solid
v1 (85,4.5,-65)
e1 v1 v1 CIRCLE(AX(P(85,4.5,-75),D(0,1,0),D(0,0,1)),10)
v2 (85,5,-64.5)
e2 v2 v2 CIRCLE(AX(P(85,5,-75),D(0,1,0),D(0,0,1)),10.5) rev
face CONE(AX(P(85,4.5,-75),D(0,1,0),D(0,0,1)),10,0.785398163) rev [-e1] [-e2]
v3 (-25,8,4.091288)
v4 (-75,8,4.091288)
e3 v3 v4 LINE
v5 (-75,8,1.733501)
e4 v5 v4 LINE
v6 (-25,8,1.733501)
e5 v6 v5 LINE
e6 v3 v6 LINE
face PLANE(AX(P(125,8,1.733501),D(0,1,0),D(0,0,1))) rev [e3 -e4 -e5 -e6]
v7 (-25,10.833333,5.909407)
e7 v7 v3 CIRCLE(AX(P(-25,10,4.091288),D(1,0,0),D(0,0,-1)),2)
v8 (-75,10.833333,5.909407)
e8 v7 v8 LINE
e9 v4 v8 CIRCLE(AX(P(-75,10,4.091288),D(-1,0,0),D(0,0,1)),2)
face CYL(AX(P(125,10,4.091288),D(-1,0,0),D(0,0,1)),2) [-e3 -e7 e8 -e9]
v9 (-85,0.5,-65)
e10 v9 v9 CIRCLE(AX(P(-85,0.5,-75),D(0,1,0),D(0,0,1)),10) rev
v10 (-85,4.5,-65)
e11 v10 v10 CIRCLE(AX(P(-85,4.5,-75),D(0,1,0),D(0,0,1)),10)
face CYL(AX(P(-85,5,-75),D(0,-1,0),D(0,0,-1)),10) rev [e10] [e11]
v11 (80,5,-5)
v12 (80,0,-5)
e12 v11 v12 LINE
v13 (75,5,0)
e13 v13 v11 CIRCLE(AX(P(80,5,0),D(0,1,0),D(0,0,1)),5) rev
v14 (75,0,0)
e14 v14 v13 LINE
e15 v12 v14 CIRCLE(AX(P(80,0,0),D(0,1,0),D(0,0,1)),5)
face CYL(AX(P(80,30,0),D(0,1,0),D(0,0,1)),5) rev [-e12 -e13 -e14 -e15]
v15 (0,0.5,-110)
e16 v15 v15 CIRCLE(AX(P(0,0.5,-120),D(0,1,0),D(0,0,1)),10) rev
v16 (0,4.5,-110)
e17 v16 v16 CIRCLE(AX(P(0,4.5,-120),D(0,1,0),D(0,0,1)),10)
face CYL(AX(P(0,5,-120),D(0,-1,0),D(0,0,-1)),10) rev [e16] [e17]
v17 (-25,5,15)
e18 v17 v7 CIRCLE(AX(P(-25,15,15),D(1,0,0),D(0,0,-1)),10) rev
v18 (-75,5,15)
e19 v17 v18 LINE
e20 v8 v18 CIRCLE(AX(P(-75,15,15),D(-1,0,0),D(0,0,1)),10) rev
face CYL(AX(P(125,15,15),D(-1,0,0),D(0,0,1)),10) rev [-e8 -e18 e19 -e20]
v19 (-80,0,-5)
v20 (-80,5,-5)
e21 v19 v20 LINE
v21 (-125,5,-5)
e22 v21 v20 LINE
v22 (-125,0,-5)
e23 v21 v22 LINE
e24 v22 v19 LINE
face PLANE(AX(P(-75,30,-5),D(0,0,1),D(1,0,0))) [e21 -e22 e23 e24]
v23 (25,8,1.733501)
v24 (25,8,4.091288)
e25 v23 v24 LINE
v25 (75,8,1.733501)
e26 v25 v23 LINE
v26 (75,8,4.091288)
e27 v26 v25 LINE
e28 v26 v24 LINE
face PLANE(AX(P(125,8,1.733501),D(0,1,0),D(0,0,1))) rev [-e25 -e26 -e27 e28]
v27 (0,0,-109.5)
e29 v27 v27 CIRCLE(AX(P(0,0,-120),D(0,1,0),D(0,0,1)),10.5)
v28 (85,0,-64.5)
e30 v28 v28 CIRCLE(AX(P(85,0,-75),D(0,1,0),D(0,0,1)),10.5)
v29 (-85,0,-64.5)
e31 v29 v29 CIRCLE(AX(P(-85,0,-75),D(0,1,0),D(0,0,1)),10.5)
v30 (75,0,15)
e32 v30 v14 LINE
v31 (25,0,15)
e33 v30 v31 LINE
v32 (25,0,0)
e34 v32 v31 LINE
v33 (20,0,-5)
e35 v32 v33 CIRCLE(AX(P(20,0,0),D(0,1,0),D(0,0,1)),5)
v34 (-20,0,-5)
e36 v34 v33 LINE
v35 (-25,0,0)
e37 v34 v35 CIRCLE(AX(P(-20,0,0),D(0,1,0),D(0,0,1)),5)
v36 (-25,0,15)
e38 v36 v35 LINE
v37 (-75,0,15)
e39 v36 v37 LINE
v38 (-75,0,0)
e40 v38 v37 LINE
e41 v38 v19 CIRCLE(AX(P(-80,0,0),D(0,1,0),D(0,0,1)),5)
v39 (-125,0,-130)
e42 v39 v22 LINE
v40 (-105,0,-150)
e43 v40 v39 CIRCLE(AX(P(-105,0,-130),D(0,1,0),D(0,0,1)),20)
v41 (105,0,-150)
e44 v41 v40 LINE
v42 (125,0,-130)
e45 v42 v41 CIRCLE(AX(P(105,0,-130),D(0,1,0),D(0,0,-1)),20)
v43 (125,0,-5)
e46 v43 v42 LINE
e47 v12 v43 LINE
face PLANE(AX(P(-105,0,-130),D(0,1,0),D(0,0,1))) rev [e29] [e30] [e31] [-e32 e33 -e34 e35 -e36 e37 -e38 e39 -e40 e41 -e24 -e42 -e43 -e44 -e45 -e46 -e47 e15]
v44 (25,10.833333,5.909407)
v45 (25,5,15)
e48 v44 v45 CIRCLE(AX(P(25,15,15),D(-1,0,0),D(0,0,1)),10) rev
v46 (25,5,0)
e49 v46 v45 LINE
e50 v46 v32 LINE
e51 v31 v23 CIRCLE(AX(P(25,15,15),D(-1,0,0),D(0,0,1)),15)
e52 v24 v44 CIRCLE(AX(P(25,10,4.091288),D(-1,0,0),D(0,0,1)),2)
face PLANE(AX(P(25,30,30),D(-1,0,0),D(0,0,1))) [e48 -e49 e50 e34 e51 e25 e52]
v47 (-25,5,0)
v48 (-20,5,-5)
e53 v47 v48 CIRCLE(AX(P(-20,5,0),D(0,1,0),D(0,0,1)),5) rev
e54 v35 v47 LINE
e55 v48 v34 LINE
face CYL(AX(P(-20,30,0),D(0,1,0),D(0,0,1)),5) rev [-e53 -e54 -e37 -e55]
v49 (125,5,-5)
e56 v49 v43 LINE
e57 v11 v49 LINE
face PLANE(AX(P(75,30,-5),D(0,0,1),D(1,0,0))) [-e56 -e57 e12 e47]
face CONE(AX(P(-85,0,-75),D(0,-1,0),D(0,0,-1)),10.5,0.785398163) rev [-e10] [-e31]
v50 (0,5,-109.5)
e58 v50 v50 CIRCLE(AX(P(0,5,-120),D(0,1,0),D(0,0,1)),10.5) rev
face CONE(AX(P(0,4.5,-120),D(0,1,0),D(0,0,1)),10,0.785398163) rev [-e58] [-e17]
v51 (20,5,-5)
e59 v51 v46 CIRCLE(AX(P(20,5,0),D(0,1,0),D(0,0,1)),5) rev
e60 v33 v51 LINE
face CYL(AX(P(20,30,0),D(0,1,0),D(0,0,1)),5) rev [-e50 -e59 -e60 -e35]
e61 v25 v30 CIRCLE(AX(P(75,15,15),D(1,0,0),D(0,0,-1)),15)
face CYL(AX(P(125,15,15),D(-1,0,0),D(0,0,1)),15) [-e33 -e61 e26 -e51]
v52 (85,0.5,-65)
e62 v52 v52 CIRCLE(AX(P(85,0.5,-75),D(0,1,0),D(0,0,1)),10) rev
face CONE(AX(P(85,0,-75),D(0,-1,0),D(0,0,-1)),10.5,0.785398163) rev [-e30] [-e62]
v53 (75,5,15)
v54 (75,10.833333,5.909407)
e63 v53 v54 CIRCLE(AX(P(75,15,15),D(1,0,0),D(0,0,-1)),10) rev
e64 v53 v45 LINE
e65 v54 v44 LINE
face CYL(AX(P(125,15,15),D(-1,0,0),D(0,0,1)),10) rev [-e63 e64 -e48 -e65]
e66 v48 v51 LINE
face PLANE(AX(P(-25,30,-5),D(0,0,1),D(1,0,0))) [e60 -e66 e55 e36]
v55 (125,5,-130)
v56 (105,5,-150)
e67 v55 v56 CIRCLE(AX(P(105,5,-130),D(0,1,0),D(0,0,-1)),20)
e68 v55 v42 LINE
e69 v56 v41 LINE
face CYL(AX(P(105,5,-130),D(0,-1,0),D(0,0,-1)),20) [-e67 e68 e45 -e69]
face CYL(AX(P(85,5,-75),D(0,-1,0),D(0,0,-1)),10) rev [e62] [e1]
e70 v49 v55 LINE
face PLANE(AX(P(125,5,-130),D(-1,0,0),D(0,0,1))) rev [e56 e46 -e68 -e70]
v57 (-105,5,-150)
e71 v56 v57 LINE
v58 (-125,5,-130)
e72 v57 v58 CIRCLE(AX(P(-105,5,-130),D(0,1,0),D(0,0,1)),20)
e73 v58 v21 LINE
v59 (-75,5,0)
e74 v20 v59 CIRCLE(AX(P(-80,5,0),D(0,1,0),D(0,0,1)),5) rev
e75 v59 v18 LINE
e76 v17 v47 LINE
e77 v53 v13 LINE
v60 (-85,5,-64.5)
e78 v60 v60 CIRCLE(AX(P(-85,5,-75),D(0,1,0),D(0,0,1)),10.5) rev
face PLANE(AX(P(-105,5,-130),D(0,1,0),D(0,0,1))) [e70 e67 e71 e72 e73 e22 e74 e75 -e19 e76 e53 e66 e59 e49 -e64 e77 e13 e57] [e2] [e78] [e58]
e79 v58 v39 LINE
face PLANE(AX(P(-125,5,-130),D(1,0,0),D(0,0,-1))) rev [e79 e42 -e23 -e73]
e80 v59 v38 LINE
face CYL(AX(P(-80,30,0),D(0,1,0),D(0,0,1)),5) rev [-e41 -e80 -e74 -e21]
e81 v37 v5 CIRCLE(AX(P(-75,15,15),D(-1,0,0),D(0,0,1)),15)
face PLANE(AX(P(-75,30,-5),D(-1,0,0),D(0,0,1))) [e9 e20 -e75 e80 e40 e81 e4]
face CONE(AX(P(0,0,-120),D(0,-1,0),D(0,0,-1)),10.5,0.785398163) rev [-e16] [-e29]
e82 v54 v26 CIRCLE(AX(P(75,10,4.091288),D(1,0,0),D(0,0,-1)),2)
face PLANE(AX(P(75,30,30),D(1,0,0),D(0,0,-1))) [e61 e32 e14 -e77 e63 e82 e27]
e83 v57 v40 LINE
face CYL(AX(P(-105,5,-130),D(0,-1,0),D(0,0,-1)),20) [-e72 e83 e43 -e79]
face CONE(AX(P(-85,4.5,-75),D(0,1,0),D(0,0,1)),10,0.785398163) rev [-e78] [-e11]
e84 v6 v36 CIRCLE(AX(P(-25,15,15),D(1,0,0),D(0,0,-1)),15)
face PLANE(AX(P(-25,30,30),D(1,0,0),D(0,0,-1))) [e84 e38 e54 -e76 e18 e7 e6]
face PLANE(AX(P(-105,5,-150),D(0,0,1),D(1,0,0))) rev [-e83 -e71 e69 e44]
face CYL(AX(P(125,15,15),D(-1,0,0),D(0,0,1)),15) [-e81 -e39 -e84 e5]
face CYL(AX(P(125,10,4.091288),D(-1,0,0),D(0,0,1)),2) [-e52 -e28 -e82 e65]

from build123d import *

# Parameters (mm, degrees)
SKETCH1_R           = 10
BOSS_EXTRUDE1_DEPTH = 5
BOSS_EXTRUDE2_DEPTH = 125
SKETCH3_W           = 50
SKETCH3_H           = 35
CUT_EXTRUDE1_DEPTH  = 30
FILLET1_R           = 5
CHAMFER1_SIZE       = 0.5


with BuildPart() as part:
    # Sketch1 → Boss-Extrude1 (new body)
    with BuildSketch(Plane(origin=(0, 0, 0), x_dir=(1, 0, 0), z_dir=(0, 1, 0))):
        with BuildLine():
            Line((-105, 150), (105, 150))
            ThreePointArc((105, 150), (119.142135624, 144.142135624), (125, 130))
            Line((125, 130), (125, 0))
            Line((125, 0), (-125, 0))
            Line((-125, 0), (-125, 130))
            ThreePointArc((-125, 130), (-119.142135624, 144.142135624), (-105, 150))
        make_face()
        with Locations(Location((-85, 75, 0), (0, 0, 270))):
            Circle(SKETCH1_R, mode=Mode.SUBTRACT)
        with Locations(Location((85, 75, 0), (0, 0, 270))):
            Circle(SKETCH1_R, mode=Mode.SUBTRACT)
        with Locations(Location((0, 120, 0), (0, 0, 270))):
            Circle(SKETCH1_R, mode=Mode.SUBTRACT)
    extrude(amount=BOSS_EXTRUDE1_DEPTH)

    # Sketch2 → Boss-Extrude2 (add, symmetric)
    with BuildSketch(Plane(origin=(0, 0, 0), x_dir=(0, 0, -1), z_dir=(1, 0, 0))):
        with BuildLine():
            Line((0, 0), (-15, 0))
            ThreePointArc((-15, 0), (-22.745966692, 27.845232579), (-1.733500839, 8))
            Line((-1.733500839, 8), (-4.091287885, 8))
            ThreePointArc((-4.091287885, 8), (-5.774538708, 8.91987655), (-5.909406571, 10.833333333))
            ThreePointArc((-5.909406571, 10.833333333), (-20.400617249, 23.416254115), (-15, 5))
            Line((-15, 5), (0, 5))
            Line((0, 5), (0, 0))
        make_face()
    extrude(amount=BOSS_EXTRUDE2_DEPTH, both=True)

    # Sketch3 → Cut-Extrude1 (cut, symmetric)
    with BuildSketch(Plane(origin=(0, 0, 0), x_dir=(1, 0, 0), z_dir=(0, 1, 0))):
        with Locations((-100, -12.5)):
            Rectangle(SKETCH3_W, SKETCH3_H)
        with Locations((0, -12.5)):
            Rectangle(SKETCH3_W, SKETCH3_H)
        with Locations((100, -12.5)):
            Rectangle(SKETCH3_W, SKETCH3_H)
    extrude(amount=CUT_EXTRUDE1_DEPTH, both=True, mode=Mode.SUBTRACT)

    # Fillet1
    fillet1_edges = [part.edges().sort_by_distance(p)[0] for p in [
        (75, 2.5, -5),
        (-75, 2.5, -5),
        (25, 2.5, -5),
        (-25, 2.5, -5),
    ]]
    fillet(fillet1_edges, radius=FILLET1_R)

    # Chamfer1
    chamfer1_edges = [part.edges().sort_by_distance(p)[0] for p in [
        (-85, 0, -85),
        (-85, 5, -85),
        (85, 0, -85),
        (85, 5, -85),
        (0, 0, -130),
        (0, 5, -130),
    ]]
    chamfer(chamfer1_edges, length=CHAMFER1_SIZE)


solid = part.part
